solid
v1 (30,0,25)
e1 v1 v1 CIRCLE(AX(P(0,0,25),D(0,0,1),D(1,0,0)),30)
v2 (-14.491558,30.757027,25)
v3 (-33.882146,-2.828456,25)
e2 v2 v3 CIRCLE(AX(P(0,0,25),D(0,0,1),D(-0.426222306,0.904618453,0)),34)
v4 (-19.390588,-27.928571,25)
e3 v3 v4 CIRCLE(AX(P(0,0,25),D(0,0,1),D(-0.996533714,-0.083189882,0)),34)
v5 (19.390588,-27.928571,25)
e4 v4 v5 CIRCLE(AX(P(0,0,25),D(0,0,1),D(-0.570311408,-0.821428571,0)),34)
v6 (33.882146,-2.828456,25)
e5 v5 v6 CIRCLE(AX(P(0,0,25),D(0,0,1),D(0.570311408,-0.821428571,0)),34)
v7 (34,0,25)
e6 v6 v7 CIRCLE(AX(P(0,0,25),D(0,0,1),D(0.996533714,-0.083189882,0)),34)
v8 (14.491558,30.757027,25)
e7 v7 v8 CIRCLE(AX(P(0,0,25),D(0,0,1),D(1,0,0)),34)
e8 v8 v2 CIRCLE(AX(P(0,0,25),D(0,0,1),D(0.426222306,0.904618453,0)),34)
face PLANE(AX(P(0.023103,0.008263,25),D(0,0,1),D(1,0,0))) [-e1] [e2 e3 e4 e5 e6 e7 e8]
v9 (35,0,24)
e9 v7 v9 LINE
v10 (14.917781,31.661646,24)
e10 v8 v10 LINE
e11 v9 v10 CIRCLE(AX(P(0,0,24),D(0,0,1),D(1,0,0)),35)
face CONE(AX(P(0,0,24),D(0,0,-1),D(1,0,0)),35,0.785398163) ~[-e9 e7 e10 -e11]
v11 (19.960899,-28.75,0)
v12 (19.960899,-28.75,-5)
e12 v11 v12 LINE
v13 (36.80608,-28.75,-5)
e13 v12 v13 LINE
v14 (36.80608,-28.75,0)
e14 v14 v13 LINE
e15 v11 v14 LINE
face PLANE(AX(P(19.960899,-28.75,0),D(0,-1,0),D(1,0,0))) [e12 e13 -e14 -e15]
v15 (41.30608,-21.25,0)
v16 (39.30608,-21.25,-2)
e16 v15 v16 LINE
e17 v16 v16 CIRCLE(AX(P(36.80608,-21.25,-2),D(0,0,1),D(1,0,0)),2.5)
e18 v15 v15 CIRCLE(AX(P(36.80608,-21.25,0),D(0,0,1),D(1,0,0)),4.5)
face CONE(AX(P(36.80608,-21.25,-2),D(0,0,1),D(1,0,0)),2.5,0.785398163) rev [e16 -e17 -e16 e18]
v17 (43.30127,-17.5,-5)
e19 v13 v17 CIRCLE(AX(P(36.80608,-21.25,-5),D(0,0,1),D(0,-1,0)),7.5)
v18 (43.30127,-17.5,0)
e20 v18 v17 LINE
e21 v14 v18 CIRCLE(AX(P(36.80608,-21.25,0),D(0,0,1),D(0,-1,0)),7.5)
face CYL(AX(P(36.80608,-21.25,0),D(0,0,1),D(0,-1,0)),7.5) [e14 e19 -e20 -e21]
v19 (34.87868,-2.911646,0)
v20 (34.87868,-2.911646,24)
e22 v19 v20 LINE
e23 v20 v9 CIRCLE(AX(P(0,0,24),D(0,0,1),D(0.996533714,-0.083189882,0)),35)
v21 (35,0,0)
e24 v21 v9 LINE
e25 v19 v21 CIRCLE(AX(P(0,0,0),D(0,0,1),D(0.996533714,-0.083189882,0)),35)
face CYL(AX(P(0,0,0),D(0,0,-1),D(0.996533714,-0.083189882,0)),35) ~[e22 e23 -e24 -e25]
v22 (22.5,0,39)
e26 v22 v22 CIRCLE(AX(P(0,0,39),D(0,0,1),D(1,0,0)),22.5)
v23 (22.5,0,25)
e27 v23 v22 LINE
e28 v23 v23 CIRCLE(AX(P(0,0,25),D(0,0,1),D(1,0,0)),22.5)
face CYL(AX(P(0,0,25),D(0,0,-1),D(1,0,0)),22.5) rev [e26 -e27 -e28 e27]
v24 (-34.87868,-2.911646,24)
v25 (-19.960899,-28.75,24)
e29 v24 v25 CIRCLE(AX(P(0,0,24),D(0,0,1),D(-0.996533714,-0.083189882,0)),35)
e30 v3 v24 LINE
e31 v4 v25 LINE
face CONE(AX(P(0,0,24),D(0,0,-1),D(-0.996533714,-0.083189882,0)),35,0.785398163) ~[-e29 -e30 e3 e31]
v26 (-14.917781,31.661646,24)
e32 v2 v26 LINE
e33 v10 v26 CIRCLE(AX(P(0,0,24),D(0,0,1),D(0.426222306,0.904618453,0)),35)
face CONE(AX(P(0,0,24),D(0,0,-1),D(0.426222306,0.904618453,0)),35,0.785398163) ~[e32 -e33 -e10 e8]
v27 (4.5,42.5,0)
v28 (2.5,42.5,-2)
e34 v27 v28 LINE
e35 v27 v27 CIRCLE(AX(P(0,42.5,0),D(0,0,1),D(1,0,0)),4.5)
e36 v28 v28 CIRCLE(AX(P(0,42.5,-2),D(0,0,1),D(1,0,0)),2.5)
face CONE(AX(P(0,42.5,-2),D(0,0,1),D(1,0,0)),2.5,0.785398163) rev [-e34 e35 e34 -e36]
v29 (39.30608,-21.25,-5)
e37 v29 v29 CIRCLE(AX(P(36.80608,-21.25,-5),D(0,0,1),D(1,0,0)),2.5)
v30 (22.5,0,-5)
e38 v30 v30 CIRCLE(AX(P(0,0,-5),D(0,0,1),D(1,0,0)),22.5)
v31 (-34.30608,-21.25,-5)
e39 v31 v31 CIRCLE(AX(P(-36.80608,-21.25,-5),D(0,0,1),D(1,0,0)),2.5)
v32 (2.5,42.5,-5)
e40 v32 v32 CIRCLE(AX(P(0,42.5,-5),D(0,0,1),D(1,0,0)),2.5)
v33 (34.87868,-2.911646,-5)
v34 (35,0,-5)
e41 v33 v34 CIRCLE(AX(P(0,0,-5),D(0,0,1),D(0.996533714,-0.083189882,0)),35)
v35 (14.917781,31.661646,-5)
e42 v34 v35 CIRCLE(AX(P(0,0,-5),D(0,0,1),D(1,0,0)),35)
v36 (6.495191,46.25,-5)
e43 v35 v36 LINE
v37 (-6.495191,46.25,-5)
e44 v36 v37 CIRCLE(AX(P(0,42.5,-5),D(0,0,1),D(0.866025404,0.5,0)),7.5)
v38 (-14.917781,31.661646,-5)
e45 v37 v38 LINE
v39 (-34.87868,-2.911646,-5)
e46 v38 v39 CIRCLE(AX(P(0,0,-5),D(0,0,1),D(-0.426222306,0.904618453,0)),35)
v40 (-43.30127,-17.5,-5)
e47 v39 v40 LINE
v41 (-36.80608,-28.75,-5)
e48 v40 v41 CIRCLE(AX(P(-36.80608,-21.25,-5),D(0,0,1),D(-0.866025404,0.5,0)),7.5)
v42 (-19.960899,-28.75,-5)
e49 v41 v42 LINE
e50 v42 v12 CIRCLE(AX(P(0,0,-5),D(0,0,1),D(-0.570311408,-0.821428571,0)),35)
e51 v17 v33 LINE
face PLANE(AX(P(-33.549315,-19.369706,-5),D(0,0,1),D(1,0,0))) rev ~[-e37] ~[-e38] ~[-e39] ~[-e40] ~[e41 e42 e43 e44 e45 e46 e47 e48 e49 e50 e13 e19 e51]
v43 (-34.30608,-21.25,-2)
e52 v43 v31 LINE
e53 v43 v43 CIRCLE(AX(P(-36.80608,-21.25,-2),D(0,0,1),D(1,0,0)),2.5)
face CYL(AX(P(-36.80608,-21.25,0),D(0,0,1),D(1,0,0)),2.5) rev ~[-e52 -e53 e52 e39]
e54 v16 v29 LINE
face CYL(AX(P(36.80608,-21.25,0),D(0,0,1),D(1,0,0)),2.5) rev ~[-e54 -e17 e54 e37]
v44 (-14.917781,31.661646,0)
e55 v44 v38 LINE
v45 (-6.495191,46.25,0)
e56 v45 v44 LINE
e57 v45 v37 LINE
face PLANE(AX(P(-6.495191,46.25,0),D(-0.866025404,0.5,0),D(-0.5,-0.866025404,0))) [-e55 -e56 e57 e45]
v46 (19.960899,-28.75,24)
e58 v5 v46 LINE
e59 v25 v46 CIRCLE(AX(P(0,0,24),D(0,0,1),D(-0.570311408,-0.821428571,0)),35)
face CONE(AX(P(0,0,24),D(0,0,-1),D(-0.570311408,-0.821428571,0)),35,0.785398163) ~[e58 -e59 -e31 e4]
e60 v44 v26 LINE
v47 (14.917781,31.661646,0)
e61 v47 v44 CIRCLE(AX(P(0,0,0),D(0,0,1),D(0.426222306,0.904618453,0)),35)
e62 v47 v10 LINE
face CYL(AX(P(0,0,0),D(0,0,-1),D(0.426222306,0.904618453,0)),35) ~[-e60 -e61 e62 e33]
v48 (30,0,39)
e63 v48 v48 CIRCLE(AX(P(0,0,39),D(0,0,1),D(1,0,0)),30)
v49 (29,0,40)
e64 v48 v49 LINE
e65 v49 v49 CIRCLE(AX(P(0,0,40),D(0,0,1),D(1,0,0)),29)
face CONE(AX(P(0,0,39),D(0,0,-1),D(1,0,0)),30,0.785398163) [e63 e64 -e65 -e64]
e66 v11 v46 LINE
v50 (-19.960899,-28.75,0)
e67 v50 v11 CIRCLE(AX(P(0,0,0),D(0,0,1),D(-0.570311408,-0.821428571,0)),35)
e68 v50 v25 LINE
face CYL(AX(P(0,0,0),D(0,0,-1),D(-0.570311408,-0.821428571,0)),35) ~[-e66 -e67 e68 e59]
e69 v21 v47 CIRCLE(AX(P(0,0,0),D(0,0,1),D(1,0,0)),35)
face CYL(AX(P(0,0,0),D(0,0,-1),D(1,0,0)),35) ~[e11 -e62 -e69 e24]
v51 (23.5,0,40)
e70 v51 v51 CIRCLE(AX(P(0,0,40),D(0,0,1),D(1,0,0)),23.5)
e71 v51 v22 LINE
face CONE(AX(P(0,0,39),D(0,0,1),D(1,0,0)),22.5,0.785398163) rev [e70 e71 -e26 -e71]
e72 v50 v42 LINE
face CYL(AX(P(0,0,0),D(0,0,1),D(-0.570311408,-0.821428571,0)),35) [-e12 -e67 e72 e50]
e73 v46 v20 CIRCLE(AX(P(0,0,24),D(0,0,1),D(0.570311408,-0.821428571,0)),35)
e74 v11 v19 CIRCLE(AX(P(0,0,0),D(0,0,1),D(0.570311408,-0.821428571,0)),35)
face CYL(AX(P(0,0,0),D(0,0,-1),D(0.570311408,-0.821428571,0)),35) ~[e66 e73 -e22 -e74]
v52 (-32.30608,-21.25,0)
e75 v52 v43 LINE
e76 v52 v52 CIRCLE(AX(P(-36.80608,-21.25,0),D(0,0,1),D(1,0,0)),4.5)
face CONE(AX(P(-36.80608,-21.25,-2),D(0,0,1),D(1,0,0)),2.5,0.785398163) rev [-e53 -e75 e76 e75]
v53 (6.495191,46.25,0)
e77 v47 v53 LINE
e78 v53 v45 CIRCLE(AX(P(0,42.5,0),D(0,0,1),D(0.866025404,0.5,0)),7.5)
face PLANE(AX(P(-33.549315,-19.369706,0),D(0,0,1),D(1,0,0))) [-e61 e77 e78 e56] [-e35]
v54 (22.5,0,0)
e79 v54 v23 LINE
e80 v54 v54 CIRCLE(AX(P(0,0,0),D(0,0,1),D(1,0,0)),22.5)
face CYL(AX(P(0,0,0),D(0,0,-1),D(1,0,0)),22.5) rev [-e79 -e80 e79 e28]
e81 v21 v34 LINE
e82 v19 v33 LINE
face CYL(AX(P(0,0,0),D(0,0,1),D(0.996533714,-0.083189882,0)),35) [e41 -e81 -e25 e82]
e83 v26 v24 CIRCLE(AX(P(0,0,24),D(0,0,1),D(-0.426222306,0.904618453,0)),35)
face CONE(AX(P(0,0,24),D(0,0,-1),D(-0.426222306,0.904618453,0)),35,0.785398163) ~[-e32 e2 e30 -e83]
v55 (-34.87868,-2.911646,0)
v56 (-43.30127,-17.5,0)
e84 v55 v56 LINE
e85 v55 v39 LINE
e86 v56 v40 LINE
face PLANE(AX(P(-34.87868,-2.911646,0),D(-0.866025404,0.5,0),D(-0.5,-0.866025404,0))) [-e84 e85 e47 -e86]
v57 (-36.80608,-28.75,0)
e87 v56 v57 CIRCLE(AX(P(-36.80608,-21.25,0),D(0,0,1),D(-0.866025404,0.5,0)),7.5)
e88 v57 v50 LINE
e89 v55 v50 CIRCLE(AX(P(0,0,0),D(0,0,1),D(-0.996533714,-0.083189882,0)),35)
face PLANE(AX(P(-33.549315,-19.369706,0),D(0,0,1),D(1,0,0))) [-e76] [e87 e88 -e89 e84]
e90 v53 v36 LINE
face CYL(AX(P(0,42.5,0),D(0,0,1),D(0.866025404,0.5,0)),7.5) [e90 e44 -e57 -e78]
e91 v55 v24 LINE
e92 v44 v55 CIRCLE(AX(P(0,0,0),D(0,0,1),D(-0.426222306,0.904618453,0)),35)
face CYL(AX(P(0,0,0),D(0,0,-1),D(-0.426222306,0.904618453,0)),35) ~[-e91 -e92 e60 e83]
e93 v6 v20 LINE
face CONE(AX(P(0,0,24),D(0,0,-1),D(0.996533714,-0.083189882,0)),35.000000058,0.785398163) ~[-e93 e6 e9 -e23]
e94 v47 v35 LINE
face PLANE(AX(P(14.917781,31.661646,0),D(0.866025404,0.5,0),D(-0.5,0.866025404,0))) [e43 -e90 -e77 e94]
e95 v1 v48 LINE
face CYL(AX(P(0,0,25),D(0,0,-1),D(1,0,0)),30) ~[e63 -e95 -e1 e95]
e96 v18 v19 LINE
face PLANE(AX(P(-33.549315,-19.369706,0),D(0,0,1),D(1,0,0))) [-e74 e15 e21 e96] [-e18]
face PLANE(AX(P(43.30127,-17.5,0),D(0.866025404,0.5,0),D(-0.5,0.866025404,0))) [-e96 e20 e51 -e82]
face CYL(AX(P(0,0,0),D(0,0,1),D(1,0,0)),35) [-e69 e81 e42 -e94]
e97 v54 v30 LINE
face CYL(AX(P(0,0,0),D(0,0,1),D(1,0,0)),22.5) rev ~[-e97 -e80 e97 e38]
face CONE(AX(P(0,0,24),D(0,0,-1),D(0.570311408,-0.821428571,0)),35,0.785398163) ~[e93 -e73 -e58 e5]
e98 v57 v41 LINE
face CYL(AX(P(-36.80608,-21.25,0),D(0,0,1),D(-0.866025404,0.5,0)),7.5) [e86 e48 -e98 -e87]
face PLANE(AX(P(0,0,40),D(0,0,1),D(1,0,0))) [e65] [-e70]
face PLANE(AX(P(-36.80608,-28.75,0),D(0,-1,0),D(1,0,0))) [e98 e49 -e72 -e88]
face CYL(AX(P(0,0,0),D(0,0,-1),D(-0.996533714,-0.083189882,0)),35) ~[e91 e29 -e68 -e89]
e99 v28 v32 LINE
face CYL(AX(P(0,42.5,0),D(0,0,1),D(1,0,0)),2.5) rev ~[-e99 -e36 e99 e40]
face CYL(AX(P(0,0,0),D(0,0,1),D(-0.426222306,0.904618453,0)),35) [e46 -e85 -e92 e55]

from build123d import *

# Parameters (mm, degrees)
F0_R     = 22.5
F1_DEPTH = 25
F0_R_2   = 2.5
F2_DEPTH = 5
F3_R     = 30
F3_R_2   = 22.5
F4_DEPTH = 15
F5_SIZE  = 1
F6_SIZE  = 2


with BuildPart() as f1:
    # F0 (on Top) → F1 (new body)
    with BuildSketch(Plane.XY):
        with BuildLine():
            ThreePointArc((34.878679998, -2.9116458574), (34.9696568465, -1.4570861455), (35, 0))
            ThreePointArc((35, 0), (29.556068118, 18.7467020408), (14.9177807196, 31.6616458574))
            ThreePointArc((14.9177807196, 31.6616458574), (0, 35), (-14.9177807196, 31.6616458574))
            ThreePointArc((-14.9177807196, 31.6616458574), (-30.3108891325, 17.5), (-34.878679998, -2.9116458574))
            ThreePointArc((-34.878679998, -2.9116458574), (-30.3108891325, -17.5), (-19.9608992783, -28.75))
            ThreePointArc((-19.9608992783, -28.75), (0, -35), (19.9608992783, -28.75))
            ThreePointArc((19.9608992783, -28.75), (30.3108891325, -17.5), (34.878679998, -2.9116458574))
        make_face()
        Circle(F0_R, mode=Mode.SUBTRACT)
    extrude(amount=F1_DEPTH)

    # F0 (on Top) → F2 (join)
    with BuildSketch(Plane.XY):
        with BuildLine():
            ThreePointArc((-19.9608992783, -28.75), (-30.3108891325, -17.5), (-34.878679998, -2.9116458574))
            Line((-34.878679998, -2.9116458574), (-43.3012701892, -17.5))
            ThreePointArc((-43.3012701892, -17.5), (-43.3012701892, -25), (-36.8060796608, -28.75))
            Line((-36.8060796608, -28.75), (-19.9608992783, -28.75))
        make_face()
        with Locations((-36.8060796608, -21.25)):
            Circle(F0_R_2, mode=Mode.SUBTRACT)
        with BuildLine():
            Line((43.3012701892, -17.5), (34.878679998, -2.9116458574))
            ThreePointArc((34.878679998, -2.9116458574), (30.3108891325, -17.5), (19.9608992783, -28.75))
            Line((19.9608992783, -28.75), (36.8060796608, -28.75))
            ThreePointArc((36.8060796608, -28.75), (43.3012701892, -25), (43.3012701892, -17.5))
        make_face()
        with Locations((36.8060796608, -21.25)):
            Circle(F0_R_2, mode=Mode.SUBTRACT)
        with BuildLine():
            ThreePointArc((-14.9177807196, 31.6616458574), (0, 35), (14.9177807196, 31.6616458574))
            Line((14.9177807196, 31.6616458574), (6.4951905284, 46.25))
            ThreePointArc((6.4951905284, 46.25), (0, 50), (-6.4951905284, 46.25))
            Line((-6.4951905284, 46.25), (-14.9177807196, 31.6616458574))
        make_face()
        with Locations((0, 42.5)):
            Circle(F0_R_2, mode=Mode.SUBTRACT)
        with BuildLine():
            ThreePointArc((34.878679998, -2.9116458574), (34.9696568465, -1.4570861455), (35, 0))
            ThreePointArc((35, 0), (29.556068118, 18.7467020408), (14.9177807196, 31.6616458574))
            ThreePointArc((14.9177807196, 31.6616458574), (0, 35), (-14.9177807196, 31.6616458574))
            ThreePointArc((-14.9177807196, 31.6616458574), (-30.3108891325, 17.5), (-34.878679998, -2.9116458574))
            ThreePointArc((-34.878679998, -2.9116458574), (-30.3108891325, -17.5), (-19.9608992783, -28.75))
            ThreePointArc((-19.9608992783, -28.75), (0, -35), (19.9608992783, -28.75))
            ThreePointArc((19.9608992783, -28.75), (30.3108891325, -17.5), (34.878679998, -2.9116458574))
        make_face()
        Circle(F0_R, mode=Mode.SUBTRACT)
    extrude(amount=-F2_DEPTH)

    # F3 (on face) → F4 (join)
    with BuildSketch(Plane.XY.offset(25)):
        Circle(F3_R)
        Circle(F3_R_2, mode=Mode.SUBTRACT)
    extrude(amount=F4_DEPTH)

    # F5
    f5_edges = [f1.edges().sort_by_distance(p)[0] for p in [
        (-22.5, 0, 40),
        (-30, 0, 40),
        (34.87868, 2.911646, 25),
    ]]
    chamfer(f5_edges, length=F5_SIZE)

    # F6
    f6_edges = [f1.edges().sort_by_distance(p)[0] for p in [
        (-2.5, 42.5, 0),
        (34.30608, -21.25, 0),
        (-39.30608, -21.25, 0),
    ]]
    chamfer(f6_edges, length=F6_SIZE)


solid = f1.part
